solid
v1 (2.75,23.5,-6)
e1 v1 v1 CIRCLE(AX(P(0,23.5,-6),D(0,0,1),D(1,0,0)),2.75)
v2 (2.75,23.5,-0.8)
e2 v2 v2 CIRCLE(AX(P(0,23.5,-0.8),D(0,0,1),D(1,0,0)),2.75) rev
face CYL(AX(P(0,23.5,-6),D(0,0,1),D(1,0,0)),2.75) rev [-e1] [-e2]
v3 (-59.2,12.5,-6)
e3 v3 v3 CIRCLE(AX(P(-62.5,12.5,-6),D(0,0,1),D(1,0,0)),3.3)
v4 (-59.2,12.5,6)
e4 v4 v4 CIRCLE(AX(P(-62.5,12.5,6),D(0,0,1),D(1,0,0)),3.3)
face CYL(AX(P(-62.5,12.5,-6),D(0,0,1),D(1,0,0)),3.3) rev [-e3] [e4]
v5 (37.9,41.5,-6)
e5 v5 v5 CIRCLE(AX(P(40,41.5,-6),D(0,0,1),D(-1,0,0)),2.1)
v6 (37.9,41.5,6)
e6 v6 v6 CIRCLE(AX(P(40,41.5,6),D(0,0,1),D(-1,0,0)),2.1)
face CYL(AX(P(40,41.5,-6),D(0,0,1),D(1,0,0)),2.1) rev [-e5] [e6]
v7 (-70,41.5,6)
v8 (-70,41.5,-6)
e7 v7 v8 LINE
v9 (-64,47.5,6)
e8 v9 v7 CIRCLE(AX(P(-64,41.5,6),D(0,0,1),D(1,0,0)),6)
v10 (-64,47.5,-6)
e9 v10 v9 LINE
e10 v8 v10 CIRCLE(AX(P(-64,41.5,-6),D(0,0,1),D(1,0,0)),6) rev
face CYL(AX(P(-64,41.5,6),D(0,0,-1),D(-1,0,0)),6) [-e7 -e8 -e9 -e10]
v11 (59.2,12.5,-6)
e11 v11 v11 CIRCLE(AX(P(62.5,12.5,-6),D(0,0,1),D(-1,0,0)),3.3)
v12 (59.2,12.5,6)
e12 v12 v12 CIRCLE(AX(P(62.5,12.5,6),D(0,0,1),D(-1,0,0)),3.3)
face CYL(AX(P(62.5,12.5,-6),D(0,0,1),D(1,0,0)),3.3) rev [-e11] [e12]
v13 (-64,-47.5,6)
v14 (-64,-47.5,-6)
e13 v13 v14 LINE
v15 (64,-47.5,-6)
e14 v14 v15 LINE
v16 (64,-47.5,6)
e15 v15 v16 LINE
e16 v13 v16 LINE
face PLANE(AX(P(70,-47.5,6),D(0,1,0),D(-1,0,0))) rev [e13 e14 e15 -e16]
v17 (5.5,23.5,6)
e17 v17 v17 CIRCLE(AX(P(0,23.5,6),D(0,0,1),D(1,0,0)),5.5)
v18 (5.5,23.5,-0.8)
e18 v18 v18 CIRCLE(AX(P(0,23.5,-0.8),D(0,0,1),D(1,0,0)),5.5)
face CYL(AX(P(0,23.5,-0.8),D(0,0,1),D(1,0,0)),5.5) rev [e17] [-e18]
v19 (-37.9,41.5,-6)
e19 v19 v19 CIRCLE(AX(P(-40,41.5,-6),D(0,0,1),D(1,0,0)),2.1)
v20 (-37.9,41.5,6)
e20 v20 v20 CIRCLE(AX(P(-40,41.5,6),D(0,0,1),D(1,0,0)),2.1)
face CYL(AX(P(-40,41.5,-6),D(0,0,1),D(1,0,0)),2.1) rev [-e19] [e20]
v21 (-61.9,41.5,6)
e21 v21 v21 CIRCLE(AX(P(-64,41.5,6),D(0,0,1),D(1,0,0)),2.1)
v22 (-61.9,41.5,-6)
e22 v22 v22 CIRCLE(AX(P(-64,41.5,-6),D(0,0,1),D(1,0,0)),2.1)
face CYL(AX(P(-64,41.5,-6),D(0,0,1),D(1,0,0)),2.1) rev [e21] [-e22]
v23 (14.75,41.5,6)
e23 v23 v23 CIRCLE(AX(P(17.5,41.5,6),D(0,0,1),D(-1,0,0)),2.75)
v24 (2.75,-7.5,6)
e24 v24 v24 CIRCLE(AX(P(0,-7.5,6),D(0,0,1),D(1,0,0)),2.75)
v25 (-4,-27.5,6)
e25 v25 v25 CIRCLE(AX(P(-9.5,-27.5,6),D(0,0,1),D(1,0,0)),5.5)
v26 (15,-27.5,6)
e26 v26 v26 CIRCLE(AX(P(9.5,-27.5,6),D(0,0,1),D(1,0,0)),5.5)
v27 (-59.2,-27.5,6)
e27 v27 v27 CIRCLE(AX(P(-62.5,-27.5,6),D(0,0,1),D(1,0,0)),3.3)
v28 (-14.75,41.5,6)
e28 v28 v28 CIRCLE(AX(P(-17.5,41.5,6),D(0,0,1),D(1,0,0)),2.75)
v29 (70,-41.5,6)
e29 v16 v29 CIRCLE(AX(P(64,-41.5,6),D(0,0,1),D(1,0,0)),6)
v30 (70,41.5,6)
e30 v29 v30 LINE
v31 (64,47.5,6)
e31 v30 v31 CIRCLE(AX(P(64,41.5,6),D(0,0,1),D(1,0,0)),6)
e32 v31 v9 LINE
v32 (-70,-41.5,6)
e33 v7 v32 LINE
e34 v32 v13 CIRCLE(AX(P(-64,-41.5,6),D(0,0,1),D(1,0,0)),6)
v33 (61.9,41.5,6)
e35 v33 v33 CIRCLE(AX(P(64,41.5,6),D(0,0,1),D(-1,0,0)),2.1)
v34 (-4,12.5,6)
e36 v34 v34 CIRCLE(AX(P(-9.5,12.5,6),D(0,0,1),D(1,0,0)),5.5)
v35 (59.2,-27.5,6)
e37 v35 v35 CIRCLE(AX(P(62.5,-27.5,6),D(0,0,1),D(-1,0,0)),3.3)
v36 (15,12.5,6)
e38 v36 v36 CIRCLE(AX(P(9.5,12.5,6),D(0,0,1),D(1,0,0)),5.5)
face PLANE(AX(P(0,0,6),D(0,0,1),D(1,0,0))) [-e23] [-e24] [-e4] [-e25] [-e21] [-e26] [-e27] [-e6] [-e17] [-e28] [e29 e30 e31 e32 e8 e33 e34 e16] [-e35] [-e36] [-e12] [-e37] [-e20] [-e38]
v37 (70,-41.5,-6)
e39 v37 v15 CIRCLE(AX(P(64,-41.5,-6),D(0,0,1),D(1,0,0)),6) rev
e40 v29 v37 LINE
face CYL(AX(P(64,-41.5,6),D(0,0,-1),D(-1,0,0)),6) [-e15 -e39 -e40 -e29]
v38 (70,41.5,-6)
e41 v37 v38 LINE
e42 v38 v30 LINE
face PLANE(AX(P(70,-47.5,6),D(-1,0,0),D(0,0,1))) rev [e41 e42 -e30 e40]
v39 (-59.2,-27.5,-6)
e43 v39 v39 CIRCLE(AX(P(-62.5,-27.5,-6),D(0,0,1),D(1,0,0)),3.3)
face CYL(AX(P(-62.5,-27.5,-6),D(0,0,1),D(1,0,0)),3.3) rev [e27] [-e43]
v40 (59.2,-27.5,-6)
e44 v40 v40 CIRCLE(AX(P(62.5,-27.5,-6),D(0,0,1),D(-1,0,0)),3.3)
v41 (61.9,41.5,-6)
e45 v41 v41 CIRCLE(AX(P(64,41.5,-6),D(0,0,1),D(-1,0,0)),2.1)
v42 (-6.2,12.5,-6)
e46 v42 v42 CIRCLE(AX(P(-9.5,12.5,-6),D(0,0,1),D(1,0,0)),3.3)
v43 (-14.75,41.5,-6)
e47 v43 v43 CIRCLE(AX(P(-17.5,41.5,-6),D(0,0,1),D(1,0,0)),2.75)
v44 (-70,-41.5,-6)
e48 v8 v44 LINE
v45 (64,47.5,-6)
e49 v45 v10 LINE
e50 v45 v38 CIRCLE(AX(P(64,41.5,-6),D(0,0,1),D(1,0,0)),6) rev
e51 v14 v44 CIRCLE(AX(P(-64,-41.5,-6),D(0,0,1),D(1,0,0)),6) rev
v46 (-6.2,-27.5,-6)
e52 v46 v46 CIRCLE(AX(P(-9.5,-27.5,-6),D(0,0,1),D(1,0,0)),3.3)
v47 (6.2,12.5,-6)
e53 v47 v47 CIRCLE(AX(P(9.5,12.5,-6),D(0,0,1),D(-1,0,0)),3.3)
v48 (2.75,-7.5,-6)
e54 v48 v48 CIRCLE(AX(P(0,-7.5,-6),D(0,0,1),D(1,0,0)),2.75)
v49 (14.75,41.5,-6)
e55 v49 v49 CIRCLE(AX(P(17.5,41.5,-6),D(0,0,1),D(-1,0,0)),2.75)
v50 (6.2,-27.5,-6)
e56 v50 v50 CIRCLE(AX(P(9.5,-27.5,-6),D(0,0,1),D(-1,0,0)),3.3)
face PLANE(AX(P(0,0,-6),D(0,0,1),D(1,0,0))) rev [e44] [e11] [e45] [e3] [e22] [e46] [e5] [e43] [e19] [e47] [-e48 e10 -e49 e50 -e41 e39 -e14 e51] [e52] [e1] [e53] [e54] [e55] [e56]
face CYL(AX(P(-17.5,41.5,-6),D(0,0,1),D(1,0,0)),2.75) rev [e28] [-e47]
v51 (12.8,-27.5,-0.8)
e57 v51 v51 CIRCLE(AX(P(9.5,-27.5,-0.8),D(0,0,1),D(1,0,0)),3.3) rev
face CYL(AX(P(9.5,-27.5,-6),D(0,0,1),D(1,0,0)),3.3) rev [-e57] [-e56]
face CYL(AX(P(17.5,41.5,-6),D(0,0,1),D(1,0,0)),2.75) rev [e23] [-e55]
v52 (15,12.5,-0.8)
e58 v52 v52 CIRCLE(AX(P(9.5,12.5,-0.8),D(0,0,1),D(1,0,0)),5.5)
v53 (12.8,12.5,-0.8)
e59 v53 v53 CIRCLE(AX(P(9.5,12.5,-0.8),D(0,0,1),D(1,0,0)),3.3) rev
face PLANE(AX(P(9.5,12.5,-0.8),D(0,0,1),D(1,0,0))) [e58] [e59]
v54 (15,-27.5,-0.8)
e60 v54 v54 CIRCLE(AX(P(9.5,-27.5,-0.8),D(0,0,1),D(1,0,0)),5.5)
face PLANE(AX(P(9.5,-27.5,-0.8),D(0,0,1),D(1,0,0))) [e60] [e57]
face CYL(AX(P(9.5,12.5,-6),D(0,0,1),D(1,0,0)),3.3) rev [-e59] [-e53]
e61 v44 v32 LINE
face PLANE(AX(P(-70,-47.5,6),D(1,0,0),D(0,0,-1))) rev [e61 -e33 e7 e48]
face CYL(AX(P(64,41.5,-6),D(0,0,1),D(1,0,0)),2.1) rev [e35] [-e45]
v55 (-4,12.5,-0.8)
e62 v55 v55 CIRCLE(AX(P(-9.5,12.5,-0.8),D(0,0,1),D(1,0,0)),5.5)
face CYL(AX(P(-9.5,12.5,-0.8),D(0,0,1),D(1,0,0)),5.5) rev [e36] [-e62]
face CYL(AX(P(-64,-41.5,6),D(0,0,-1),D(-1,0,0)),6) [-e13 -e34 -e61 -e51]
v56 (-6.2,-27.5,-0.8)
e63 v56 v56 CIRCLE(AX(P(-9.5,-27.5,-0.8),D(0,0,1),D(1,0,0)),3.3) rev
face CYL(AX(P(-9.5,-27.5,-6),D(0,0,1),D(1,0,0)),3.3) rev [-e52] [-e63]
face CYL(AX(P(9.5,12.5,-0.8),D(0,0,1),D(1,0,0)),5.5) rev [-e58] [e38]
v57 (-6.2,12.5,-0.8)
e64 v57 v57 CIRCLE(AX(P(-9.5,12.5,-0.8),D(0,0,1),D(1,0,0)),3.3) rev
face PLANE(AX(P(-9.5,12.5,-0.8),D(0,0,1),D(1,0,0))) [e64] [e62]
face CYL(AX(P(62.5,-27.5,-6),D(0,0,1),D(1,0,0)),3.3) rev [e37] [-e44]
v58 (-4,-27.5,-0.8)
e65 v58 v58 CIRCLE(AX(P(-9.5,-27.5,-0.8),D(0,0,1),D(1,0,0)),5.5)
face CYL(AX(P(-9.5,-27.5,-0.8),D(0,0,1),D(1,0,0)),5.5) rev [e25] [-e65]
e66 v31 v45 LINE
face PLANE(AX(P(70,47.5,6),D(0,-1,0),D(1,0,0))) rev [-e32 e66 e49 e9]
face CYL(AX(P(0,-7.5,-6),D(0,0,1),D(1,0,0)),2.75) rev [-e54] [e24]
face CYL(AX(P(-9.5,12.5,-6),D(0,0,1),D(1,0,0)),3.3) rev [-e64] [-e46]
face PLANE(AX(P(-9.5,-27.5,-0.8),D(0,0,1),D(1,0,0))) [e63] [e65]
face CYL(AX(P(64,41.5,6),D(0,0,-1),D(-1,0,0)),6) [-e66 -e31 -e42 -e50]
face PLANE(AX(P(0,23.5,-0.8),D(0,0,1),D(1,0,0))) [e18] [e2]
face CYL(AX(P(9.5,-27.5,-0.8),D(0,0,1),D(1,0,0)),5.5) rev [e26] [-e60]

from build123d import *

# Parameters (mm, degrees)
SKETCH1_W           = 140
SKETCH1_H           = 95
BOSS_EXTRUDE1_DEPTH = 6
SKETCH2_R           = 2.75
SKETCH2_R_2         = 3.3
SKETCH2_R_3         = 2.1
CUT_EXTRUDE1_DEPTH  = 86.441500455
SKETCH3_R           = 5.5
CUT_EXTRUDE2_DEPTH  = 6.8
FILLET1_R           = 6


with BuildPart() as part:
    # Sketch1 → Boss-Extrude1 (new, symmetric)
    with BuildSketch(Plane.XY):
        Rectangle(SKETCH1_W, SKETCH1_H)
    extrude(amount=BOSS_EXTRUDE1_DEPTH, both=True)

    # Sketch2 → Cut-Extrude1 (cut, through all)
    with BuildSketch(Plane.XY.offset(6)):
        with Locations((0, 23.5)):
            Circle(SKETCH2_R)
        with Locations((0, -7.5)):
            Circle(SKETCH2_R)
        with Locations((-9.5, 12.5)):
            Circle(SKETCH2_R_2)
        with Locations((-9.5, -27.5)):
            Circle(SKETCH2_R_2)
        with Locations((-17.5, 41.5)):
            Circle(SKETCH2_R)
        with Locations((-40, 41.5)):
            Circle(SKETCH2_R_3)
        with Locations((-64, 41.5)):
            Circle(SKETCH2_R_3)
        with Locations((-62.5, 12.5)):
            Circle(SKETCH2_R_2)
        with Locations((-62.5, -27.5)):
            Circle(SKETCH2_R_2)
        with Locations(Location((62.5, -27.5, 0), (0, 0, 180))):
            Circle(SKETCH2_R_2)
        with Locations(Location((62.5, 12.5, 0), (0, 0, 180))):
            Circle(SKETCH2_R_2)
        with Locations(Location((64, 41.5, 0), (0, 0, 180))):
            Circle(SKETCH2_R_3)
        with Locations(Location((40, 41.5, 0), (0, 0, 180))):
            Circle(SKETCH2_R_3)
        with Locations(Location((17.5, 41.5, 0), (0, 0, 180))):
            Circle(SKETCH2_R)
        with Locations(Location((9.5, -27.5, 0), (0, 0, 180))):
            Circle(SKETCH2_R_2)
        with Locations(Location((9.5, 12.5, 0), (0, 0, 180))):
            Circle(SKETCH2_R_2)
    extrude(amount=-CUT_EXTRUDE1_DEPTH, mode=Mode.SUBTRACT)

    # Sketch3 → Cut-Extrude2 (cut)
    with BuildSketch(Plane.XY.offset(6)):
        with Locations((-9.5, -27.5)):
            Circle(SKETCH3_R)
        with Locations((9.5, -27.5)):
            Circle(SKETCH3_R)
        with Locations((9.5, 12.5)):
            Circle(SKETCH3_R)
        with Locations((0, 23.5)):
            Circle(SKETCH3_R)
        with Locations((-9.5, 12.5)):
            Circle(SKETCH3_R)
    extrude(amount=-CUT_EXTRUDE2_DEPTH, mode=Mode.SUBTRACT)

    # Fillet1
    fillet1_edges = [part.edges().sort_by_distance(p)[0] for p in [
        (-70, 47.5, 0),
        (70, 47.5, 0),
        (70, -47.5, 0),
        (-70, -47.5, 0),
    ]]
    fillet(fillet1_edges, radius=FILLET1_R)


solid = part.part
